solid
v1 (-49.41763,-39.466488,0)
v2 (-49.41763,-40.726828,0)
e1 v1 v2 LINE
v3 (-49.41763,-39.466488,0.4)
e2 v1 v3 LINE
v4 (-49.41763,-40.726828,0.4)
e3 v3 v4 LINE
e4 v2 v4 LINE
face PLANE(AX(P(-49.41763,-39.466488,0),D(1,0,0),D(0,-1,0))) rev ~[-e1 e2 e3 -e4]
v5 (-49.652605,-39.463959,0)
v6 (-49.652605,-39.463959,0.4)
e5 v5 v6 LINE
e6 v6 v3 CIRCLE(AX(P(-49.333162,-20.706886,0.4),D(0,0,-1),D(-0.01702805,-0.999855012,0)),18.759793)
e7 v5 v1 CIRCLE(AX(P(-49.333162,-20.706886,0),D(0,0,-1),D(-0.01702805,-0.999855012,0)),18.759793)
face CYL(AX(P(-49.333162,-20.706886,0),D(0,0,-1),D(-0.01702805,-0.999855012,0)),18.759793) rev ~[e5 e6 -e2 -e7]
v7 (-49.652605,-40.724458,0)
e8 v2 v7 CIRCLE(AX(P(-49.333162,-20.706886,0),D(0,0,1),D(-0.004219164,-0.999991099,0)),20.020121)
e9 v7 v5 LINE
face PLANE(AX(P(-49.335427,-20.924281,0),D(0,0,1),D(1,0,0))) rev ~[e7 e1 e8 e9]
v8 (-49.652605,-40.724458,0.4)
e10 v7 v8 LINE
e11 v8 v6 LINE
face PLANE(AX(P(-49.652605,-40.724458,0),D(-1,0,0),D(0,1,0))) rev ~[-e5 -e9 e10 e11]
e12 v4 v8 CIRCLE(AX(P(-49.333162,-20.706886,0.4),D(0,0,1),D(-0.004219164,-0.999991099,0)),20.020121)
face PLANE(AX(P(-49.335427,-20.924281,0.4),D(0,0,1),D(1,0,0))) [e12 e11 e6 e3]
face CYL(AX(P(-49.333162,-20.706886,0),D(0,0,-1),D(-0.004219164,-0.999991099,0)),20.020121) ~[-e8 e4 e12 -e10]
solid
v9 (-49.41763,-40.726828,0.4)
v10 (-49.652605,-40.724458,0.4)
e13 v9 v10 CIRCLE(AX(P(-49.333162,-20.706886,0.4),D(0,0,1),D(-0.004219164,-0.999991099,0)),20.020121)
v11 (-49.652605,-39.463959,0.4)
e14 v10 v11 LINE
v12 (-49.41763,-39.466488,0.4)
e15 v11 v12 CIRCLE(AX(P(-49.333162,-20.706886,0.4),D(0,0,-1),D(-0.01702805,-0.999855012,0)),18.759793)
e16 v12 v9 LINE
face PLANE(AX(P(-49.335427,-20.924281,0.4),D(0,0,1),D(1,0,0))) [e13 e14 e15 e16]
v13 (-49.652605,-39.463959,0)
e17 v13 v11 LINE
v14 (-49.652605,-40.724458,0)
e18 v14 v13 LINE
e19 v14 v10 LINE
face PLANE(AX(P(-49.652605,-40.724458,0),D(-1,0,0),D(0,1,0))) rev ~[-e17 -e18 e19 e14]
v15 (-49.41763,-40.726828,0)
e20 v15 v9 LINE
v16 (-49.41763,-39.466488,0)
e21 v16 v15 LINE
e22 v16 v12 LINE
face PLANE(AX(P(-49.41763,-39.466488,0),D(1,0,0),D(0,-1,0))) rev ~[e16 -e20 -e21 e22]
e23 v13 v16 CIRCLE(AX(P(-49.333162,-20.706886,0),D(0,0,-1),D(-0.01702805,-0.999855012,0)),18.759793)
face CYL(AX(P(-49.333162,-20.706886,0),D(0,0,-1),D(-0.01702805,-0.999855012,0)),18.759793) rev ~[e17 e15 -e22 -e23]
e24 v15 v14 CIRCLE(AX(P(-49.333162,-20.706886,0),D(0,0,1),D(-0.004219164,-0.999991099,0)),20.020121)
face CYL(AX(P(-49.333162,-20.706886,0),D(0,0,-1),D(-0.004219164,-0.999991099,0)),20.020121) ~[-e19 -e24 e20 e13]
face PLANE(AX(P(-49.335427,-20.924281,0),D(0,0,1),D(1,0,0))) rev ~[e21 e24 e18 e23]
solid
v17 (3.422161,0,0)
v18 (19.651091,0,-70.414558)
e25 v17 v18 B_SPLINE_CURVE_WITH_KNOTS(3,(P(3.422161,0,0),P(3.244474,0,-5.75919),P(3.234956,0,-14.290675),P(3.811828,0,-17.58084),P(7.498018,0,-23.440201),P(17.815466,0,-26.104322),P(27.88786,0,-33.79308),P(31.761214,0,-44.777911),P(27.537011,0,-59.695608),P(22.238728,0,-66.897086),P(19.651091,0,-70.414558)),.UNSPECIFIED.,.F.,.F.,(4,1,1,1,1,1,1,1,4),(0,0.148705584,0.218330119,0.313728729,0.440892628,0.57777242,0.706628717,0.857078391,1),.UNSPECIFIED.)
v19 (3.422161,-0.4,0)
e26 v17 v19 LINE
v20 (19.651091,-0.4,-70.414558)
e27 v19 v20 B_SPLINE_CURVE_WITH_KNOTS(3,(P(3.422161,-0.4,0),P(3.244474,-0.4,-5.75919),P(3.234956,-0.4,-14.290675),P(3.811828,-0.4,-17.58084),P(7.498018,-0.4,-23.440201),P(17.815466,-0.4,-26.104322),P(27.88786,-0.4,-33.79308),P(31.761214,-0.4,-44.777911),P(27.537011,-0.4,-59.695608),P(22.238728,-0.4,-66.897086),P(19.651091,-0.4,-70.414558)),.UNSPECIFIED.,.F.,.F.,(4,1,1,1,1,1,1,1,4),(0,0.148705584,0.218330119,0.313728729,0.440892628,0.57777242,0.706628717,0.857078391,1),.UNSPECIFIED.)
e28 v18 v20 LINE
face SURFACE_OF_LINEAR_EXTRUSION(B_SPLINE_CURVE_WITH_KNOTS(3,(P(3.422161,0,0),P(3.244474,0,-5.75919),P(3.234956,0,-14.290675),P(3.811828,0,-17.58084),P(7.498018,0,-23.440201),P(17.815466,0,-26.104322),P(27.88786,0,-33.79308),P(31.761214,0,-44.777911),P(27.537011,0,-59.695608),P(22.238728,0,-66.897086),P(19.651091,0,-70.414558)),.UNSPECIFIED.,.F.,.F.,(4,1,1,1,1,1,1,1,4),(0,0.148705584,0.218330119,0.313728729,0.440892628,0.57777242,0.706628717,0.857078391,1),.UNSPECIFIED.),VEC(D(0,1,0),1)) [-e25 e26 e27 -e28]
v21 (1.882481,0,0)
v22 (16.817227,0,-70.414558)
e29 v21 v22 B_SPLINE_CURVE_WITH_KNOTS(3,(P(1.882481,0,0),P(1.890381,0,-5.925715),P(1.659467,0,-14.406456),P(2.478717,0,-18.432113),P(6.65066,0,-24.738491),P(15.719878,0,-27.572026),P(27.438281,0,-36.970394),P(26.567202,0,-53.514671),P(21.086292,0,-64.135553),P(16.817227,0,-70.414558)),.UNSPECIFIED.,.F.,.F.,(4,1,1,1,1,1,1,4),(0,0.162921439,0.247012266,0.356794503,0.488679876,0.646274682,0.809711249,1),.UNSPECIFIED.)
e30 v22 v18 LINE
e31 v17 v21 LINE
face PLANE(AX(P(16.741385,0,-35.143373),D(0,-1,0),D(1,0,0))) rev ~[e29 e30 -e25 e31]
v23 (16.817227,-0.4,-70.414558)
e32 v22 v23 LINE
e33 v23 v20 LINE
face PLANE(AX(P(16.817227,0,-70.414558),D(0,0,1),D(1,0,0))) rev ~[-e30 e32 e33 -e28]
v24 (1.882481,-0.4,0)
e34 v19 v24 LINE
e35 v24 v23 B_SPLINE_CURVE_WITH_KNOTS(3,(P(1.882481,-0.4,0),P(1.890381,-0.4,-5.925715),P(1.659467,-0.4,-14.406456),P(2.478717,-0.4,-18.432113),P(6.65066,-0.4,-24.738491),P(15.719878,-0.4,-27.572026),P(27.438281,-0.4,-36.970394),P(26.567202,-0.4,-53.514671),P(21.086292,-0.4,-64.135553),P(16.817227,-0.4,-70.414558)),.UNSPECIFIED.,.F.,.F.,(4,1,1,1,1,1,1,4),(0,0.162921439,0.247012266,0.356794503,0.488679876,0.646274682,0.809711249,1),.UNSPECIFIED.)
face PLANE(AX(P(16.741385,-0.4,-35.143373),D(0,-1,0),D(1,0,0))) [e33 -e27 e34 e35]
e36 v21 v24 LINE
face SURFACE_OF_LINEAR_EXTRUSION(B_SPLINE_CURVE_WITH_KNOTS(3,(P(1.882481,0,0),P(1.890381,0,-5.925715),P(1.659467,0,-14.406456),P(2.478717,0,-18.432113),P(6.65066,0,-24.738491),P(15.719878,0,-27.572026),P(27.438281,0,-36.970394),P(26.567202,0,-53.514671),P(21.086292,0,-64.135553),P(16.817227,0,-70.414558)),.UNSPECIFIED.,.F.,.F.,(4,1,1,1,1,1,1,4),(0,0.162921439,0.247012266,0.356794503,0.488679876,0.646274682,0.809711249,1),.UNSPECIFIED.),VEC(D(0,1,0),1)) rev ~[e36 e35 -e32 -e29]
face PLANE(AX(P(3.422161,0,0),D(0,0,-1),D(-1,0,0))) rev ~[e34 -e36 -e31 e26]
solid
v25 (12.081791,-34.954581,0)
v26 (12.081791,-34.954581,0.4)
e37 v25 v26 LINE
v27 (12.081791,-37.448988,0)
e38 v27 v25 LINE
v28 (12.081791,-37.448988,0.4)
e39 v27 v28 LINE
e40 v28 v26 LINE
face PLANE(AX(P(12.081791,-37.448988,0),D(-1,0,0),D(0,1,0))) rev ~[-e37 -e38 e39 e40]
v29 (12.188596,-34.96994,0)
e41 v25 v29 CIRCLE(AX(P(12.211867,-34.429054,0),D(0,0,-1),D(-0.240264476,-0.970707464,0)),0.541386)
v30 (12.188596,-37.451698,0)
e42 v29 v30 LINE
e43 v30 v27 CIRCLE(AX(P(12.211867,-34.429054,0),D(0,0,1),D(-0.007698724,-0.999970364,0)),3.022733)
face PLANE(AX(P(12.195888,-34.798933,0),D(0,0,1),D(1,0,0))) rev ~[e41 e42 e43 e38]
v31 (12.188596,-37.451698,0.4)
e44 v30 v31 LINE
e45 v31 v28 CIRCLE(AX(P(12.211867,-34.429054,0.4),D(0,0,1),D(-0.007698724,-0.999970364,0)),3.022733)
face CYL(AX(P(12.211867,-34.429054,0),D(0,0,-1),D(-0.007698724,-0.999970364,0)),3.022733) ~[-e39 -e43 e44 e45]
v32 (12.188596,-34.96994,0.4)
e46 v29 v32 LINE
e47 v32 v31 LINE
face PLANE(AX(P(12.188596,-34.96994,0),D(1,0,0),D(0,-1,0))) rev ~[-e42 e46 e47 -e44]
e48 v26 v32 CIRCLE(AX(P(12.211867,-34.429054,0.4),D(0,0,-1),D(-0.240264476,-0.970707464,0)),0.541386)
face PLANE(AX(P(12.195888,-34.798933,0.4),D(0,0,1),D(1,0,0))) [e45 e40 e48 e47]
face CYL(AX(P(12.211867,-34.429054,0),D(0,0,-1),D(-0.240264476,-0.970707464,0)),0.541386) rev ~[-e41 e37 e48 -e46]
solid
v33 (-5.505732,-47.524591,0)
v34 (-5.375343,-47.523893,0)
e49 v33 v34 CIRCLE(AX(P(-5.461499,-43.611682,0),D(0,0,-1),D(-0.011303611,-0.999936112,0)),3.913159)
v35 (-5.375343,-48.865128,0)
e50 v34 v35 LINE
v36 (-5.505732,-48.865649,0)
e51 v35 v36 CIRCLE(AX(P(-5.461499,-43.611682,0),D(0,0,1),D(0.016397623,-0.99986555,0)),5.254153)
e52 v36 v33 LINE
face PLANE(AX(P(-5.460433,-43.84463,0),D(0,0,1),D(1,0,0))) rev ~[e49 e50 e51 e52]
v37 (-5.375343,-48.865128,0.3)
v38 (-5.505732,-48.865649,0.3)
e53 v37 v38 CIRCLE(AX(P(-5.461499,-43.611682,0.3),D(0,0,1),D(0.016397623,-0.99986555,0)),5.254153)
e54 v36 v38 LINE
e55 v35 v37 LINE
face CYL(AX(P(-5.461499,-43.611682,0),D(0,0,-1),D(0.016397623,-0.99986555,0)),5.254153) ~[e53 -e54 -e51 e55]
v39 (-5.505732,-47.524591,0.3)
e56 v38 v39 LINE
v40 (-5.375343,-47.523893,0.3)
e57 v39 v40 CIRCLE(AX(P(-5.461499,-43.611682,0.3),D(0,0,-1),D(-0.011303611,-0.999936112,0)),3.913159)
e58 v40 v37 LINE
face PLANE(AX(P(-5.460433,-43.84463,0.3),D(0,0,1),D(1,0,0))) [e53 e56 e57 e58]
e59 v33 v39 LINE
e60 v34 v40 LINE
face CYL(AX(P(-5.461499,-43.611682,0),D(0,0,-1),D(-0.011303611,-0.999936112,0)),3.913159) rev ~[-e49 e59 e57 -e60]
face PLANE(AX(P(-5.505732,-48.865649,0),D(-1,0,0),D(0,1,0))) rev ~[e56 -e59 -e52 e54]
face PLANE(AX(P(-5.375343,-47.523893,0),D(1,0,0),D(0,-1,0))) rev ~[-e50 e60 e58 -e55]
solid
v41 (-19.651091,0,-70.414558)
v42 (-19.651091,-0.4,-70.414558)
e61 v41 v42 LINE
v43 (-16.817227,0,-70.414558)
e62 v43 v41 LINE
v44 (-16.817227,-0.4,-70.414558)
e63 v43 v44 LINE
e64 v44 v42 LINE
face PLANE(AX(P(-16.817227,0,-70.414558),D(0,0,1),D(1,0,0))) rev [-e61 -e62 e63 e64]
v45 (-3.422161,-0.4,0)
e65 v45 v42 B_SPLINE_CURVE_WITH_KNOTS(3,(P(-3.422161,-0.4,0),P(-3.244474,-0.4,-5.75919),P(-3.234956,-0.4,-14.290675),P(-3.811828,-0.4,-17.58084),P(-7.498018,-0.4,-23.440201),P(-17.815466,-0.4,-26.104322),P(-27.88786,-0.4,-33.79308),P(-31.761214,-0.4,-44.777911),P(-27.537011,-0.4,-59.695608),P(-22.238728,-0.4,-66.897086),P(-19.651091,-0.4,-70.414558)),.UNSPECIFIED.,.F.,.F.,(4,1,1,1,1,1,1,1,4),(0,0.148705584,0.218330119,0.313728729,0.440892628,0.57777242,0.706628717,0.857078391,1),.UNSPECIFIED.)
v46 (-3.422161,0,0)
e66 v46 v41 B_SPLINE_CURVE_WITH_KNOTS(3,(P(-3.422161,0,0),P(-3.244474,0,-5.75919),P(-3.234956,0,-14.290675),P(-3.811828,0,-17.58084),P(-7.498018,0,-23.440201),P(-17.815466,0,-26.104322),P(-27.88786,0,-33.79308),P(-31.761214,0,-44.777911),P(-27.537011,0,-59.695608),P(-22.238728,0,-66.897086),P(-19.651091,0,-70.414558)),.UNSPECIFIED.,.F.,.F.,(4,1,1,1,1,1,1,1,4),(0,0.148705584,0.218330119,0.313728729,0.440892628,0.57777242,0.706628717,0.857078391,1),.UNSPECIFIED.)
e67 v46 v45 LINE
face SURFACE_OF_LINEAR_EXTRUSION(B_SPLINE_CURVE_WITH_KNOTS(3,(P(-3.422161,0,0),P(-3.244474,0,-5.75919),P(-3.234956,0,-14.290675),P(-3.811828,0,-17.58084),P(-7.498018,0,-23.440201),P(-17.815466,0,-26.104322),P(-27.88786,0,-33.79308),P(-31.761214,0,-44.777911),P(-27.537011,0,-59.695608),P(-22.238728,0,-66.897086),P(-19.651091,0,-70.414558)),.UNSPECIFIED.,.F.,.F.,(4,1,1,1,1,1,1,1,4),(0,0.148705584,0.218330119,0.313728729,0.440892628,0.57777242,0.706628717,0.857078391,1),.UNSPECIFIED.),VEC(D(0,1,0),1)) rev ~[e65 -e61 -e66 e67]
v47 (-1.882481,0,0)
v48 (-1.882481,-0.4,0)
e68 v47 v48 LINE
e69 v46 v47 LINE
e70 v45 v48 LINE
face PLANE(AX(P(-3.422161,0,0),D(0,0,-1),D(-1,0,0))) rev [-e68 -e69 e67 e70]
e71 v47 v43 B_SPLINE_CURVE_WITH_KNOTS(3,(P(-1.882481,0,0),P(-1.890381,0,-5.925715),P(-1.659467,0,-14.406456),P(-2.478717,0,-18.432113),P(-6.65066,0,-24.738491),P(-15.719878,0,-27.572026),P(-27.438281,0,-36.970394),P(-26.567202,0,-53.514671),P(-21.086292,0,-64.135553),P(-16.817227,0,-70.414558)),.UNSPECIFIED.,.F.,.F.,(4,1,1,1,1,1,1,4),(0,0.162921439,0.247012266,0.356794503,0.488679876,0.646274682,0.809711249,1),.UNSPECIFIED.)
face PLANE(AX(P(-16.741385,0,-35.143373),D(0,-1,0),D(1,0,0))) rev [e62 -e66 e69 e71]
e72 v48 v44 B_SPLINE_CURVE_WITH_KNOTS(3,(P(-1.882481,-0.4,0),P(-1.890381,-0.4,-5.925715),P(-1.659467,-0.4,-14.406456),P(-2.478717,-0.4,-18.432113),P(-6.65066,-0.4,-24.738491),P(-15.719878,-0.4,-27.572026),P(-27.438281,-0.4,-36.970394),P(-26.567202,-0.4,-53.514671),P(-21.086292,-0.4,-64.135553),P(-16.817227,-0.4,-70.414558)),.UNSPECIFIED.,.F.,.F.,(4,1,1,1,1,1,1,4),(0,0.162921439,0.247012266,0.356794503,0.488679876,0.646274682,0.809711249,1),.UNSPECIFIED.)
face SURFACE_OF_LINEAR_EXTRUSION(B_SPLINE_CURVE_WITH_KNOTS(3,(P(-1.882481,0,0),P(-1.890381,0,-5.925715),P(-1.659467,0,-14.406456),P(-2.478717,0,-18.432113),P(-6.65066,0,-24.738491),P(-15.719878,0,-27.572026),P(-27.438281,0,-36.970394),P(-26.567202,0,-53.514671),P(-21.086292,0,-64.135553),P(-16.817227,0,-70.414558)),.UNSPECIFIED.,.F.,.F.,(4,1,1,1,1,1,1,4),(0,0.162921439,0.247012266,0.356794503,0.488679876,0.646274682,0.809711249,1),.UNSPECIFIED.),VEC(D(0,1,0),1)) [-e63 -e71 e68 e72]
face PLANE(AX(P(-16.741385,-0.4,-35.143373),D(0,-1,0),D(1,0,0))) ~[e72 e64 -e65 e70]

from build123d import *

# Parameters (mm, degrees)
F1_DEPTH = 0.4
F3_DEPTH = 0.4
F6_DEPTH = 0.3
F8_DEPTH = 0.4
F9_DEPTH = 0.4


with BuildPart() as f1:
    # F0 (on Front) → F1 (new body)
    with BuildSketch(Plane.XZ):
        with BuildLine():
            Line((3.4221610986, 0), (1.8824809231, 0))
            add(Edge.make_bspline(
                [(1.8824809231, 0), (1.8903812121, -5.9257154178), (1.6594668434, -14.4064557365), (2.4787172842, -18.43211263), (6.6506599647, -24.738490893), (15.7198781859, -27.5720263129), (27.4382807219, -36.9703939443), (26.5672023611, -53.5146710168), (21.0862921581, -64.1355530397), (16.817227006, -70.414558053)],
                knots=[0, 0, 0, 0, 0.1629214389, 0.247012266, 0.3567945031, 0.4886798756, 0.6462746816, 0.8097112488, 1, 1, 1, 1], degree=3))
            Line((16.817227006, -70.414558053), (19.6510907263, -70.414558053))
            add(Edge.make_bspline(
                [(3.4221610986, 0), (3.2444735314, -5.7591898503), (3.2349564943, -14.2906745538), (3.8118276563, -17.5808403399), (7.498018045, -23.4402005142), (17.8154663316, -26.1043224844), (27.8878603719, -33.7930801493), (31.7612136388, -44.7779110201), (27.5370112916, -59.6956080616), (22.2387276369, -66.8970857954), (19.6510907263, -70.414558053)],
                knots=[0, 0, 0, 0, 0.1487055839, 0.2183301192, 0.3137287288, 0.440892628, 0.5777724202, 0.7066287166, 0.8570783912, 1, 1, 1, 1], degree=3))
        make_face()
    extrude(amount=F1_DEPTH)


with BuildPart() as f3:
    # F2 (on Top) → F3 (new body)
    with BuildSketch(Plane.XY):
        with BuildLine():
            Line((-49.4176302, -39.4664883101), (-49.4176302, -40.7268284131))
            ThreePointArc((-49.4176302, -40.7268284131), (-49.1312031177, -0.6877838741), (-49.652604706, -40.7244579174))
            Line((-49.652604706, -40.7244579174), (-49.652604706, -39.4639585349))
            ThreePointArc((-49.652604706, -39.4639585349), (-49.1312026346, -1.9481804524), (-49.4176302, -39.4664883101))
        make_face()
    extrude(amount=F3_DEPTH)


with BuildPart() as f4_1:
    # F4: instance of F1
    add(f1.part.mirror(Plane.YZ))


with BuildPart() as f6:
    # F5 (on Top) → F6 (new body)
    with BuildSketch(Plane.XY):
        with BuildLine():
            Line((-5.3753433014, -47.5238926069), (-5.3753433014, -48.8651284462))
            ThreePointArc((-5.3753433014, -48.8651284462), (-5.4824619344, -38.3575708488), (-5.5057317572, -48.8656486739))
            Line((-5.5057317572, -48.8656486739), (-5.5057317572, -47.5245911583))
            ThreePointArc((-5.5057317572, -47.5245911583), (-5.4824632303, -39.6985788926), (-5.3753433014, -47.5238926069))
        make_face()
    extrude(amount=F6_DEPTH)


with BuildPart() as f8:
    # F7 (on Top) → F8 (new body)
    with BuildSketch(Plane.XY):
        with BuildLine():
            Line((12.1885957196, -34.9699395875), (12.1885957196, -37.4516981663))
            ThreePointArc((12.1885957196, -37.4516981663), (12.2885523534, -31.4072937312), (12.0817911632, -37.4489877083))
            Line((12.0817911632, -37.4489877083), (12.0817911632, -34.9545814097))
            ThreePointArc((12.0817911632, -34.9545814097), (12.2889239602, -33.8931805541), (12.1885957196, -34.9699395875))
        make_face()
    extrude(amount=F8_DEPTH)


with BuildPart() as f9:
    # F2 (on Top) → F9 (new body)
    with BuildSketch(Plane.XY):
        with BuildLine():
            Line((-49.4176302, -39.4664883101), (-49.4176302, -40.7268284131))
            ThreePointArc((-49.4176302, -40.7268284131), (-49.1312031177, -0.6877838741), (-49.652604706, -40.7244579174))
            Line((-49.652604706, -40.7244579174), (-49.652604706, -39.4639585349))
            ThreePointArc((-49.652604706, -39.4639585349), (-49.1312026346, -1.9481804524), (-49.4176302, -39.4664883101))
        make_face()
    extrude(amount=F9_DEPTH)


solid = Compound([f1.part, f3.part, f4_1.part, f6.part, f8.part, f9.part])
